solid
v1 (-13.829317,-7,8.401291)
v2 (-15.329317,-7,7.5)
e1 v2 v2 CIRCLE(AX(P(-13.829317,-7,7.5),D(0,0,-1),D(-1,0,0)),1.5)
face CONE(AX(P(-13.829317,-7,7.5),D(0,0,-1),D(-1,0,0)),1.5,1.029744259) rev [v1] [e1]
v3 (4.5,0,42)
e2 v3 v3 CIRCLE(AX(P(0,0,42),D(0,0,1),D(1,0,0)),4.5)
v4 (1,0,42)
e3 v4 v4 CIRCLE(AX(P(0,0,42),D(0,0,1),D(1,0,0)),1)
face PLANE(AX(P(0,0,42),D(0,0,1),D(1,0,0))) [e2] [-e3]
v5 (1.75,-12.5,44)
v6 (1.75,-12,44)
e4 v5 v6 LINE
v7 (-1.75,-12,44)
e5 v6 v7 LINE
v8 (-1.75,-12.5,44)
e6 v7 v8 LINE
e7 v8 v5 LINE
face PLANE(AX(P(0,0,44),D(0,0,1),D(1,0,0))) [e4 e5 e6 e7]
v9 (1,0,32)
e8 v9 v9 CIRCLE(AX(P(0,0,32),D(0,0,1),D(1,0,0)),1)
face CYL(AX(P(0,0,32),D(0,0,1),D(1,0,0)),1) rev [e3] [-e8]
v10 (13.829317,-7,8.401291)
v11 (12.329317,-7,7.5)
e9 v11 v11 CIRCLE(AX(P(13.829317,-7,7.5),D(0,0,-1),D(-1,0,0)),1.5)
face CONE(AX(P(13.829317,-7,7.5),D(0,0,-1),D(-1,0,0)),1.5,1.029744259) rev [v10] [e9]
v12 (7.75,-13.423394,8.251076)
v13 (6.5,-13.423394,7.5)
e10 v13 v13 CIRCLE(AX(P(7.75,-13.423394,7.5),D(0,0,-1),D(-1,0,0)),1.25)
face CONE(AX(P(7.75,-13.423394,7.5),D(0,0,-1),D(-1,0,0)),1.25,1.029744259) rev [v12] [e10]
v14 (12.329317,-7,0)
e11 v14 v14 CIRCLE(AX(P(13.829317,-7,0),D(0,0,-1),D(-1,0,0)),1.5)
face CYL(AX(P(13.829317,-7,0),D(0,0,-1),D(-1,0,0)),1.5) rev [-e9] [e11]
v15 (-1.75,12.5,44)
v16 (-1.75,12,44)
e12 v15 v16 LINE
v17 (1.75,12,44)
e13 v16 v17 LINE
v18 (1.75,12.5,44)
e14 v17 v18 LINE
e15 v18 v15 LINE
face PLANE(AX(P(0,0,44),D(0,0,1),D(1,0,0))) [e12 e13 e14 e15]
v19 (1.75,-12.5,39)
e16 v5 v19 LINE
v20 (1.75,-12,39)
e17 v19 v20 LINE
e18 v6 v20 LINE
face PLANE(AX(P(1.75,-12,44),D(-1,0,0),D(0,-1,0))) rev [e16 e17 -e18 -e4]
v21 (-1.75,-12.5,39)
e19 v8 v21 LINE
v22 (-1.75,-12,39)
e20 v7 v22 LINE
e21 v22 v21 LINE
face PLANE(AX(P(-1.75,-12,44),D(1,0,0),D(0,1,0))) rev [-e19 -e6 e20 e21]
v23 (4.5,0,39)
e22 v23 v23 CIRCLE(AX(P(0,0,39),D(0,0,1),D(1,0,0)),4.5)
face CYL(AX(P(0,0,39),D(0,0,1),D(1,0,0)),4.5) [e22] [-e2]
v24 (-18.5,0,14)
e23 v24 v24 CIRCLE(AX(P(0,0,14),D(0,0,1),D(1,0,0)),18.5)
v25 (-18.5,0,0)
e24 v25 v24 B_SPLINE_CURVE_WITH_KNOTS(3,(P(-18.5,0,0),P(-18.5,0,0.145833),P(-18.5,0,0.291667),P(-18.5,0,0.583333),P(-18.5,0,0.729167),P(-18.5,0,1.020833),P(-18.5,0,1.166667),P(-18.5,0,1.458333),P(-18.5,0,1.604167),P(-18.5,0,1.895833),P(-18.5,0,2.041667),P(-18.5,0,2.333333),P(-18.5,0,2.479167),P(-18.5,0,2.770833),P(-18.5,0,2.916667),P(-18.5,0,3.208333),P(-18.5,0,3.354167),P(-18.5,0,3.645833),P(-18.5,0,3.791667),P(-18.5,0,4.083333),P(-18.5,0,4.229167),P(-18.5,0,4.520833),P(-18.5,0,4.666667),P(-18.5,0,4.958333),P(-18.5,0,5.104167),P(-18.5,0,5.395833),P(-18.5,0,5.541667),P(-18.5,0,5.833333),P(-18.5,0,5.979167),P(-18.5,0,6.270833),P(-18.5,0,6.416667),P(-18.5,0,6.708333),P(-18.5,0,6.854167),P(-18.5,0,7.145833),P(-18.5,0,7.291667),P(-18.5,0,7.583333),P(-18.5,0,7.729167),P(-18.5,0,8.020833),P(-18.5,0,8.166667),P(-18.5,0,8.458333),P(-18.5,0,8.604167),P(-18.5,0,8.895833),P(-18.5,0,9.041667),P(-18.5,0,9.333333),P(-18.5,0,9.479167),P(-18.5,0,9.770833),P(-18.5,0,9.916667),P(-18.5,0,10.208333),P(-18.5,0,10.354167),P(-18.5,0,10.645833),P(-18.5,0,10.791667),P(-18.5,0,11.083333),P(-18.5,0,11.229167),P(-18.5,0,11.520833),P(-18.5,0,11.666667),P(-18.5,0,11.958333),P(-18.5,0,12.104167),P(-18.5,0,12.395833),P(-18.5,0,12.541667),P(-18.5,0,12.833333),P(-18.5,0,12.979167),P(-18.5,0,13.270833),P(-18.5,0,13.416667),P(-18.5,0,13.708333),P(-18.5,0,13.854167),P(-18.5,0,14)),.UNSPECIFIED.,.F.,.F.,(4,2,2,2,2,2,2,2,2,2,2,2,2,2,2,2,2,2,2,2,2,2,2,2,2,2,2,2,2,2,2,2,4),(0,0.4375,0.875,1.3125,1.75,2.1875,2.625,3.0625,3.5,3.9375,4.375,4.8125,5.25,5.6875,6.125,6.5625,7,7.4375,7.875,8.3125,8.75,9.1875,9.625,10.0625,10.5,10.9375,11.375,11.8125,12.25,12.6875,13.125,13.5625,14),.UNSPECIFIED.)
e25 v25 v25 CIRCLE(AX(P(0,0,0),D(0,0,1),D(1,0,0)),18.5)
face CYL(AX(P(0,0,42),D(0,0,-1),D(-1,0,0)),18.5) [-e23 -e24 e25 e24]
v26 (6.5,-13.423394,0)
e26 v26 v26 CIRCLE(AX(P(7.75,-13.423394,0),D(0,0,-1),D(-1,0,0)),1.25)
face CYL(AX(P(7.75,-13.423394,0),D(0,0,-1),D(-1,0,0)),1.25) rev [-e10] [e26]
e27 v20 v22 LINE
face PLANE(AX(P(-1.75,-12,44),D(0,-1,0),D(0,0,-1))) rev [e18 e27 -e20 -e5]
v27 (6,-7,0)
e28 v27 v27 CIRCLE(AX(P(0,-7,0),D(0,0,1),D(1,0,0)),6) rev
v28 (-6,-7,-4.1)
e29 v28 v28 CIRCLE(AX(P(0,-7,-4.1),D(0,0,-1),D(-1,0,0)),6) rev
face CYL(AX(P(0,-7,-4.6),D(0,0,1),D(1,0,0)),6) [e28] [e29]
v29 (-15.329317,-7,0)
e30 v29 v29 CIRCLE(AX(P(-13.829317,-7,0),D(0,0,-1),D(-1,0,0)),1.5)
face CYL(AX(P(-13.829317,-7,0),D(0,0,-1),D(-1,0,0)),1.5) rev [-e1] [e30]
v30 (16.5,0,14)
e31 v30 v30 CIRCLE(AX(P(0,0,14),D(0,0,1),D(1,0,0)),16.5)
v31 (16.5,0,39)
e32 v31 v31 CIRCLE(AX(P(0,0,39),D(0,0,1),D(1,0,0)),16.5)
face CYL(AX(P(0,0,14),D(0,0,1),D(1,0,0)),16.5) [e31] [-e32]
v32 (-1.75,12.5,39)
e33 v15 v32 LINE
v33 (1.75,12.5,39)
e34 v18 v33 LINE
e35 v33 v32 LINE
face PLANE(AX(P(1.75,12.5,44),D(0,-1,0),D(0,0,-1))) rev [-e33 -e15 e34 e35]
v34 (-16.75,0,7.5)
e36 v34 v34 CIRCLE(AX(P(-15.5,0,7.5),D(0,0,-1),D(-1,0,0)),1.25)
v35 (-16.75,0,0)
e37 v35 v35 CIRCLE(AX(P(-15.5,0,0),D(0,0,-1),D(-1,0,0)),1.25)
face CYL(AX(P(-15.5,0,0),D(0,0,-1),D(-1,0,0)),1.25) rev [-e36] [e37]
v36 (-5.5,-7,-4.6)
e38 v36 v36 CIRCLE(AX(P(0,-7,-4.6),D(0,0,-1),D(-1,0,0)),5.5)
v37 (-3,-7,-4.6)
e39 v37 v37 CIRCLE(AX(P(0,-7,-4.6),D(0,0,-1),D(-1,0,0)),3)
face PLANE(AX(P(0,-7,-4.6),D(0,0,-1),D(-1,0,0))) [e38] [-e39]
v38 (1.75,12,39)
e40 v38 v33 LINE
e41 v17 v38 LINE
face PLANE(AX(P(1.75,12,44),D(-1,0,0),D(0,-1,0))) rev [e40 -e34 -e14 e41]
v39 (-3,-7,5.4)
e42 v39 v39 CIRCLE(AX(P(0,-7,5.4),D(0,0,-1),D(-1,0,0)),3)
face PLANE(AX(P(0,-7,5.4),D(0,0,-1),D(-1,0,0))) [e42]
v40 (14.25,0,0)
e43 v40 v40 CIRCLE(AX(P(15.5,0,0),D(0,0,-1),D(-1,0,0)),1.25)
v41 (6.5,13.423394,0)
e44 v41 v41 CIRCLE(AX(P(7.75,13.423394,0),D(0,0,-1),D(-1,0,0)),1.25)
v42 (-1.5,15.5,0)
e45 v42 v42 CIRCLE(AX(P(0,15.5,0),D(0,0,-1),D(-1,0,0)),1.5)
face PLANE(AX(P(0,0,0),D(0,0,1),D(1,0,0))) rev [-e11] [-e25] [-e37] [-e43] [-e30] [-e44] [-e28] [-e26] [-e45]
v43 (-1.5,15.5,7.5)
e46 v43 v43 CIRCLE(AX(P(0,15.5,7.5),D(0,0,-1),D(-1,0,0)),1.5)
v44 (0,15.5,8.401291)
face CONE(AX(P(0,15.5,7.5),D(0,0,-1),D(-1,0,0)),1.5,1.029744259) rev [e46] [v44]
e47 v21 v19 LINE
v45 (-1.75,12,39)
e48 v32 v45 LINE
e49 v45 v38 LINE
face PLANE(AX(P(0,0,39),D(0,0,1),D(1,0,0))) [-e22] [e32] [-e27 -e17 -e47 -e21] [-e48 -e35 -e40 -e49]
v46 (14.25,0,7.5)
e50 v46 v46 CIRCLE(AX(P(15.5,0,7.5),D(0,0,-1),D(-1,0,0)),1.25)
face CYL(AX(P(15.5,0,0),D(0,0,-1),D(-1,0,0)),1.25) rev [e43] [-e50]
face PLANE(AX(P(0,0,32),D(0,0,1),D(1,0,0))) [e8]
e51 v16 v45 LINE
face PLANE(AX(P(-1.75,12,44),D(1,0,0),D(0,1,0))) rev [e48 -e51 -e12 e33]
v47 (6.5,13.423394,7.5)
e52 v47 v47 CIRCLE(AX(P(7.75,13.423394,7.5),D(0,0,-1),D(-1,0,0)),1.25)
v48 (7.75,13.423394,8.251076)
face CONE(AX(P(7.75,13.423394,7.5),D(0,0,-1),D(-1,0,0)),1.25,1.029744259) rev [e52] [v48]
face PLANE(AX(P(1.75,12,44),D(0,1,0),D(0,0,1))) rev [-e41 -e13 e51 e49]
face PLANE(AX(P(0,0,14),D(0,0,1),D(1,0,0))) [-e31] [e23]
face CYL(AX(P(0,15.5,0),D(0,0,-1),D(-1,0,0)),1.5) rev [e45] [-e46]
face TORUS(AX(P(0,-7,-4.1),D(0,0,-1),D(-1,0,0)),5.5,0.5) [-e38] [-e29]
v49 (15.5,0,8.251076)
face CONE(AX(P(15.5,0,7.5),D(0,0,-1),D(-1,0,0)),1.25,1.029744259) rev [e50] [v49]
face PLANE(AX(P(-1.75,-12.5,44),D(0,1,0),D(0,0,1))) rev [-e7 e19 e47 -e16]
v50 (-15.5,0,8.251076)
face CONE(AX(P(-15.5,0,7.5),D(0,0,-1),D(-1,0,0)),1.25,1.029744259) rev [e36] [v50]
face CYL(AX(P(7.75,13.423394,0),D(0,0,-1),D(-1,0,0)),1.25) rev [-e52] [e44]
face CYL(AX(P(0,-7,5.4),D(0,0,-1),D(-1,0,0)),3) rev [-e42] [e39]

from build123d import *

# Parameters (mm, degrees)
SKETCH1_R                 = 18.5
BOSS_EXTRUDE1_DEPTH       = 42
CUT_EXTRUDE1_START        = -3
SKETCH2_R                 = 18.5
SKETCH2_R_2               = 4.5
CUT_EXTRUDE1_DEPTH        = 3
CUT_EXTRUDE4_START        = -25
SKETCH3_R                 = 18.5
SKETCH3_R_2               = 16.5
CUT_EXTRUDE4_DEPTH        = 25
SKETCH4_R                 = 6
BOSS_EXTRUDE2_DEPTH       = 4.6
FILLET1_R                 = 0.5
SKETCH5_R                 = 3
CUT_EXTRUDE5_DEPTH        = 10
SKETCH6_R                 = 1
CUT_EXTRUDE6_DEPTH        = 10
SKETCH7_W                 = 3.5
SKETCH7_H                 = 0.5
BOSS_EXTRUDE3_DEPTH       = 5
M3X0_5_TAPPED_HOLE1_D     = 2.5
M3X0_5_TAPPED_HOLE1_DEPTH = 7.5
M3X0_5_TAPPED_HOLE1_TIP   = 0.751075774
F_3_0MM_DOWEL_HOLE1_D     = 3
F_3_0MM_DOWEL_HOLE1_DEPTH = 7.5
F_3_0MM_DOWEL_HOLE1_TIP   = 0.901290929


with BuildPart() as part:
    # Sketch1 → Boss-Extrude1 (new body)
    with BuildSketch(Plane.XY):
        with Locations(Location((0, 0, 0), (0, 0, 180))):
            Circle(SKETCH1_R)
    extrude(amount=BOSS_EXTRUDE1_DEPTH)

    # Sketch2 → Cut-Extrude1 (cut)
    with BuildSketch(Plane.XY.offset(42).offset(CUT_EXTRUDE1_START)):
        with Locations(Location((0, 0, 0), (0, 0, 180))):
            Circle(SKETCH2_R)
        Circle(SKETCH2_R_2, mode=Mode.SUBTRACT)
    extrude(amount=CUT_EXTRUDE1_DEPTH, mode=Mode.SUBTRACT)

    # Sketch3 → Cut-Extrude4 (cut)
    with BuildSketch(Plane.XY.offset(39).offset(CUT_EXTRUDE4_START)):
        with Locations(Location((0, 0, 0), (0, 0, 180))):
            Circle(SKETCH3_R)
        Circle(SKETCH3_R_2, mode=Mode.SUBTRACT)
    extrude(amount=CUT_EXTRUDE4_DEPTH, mode=Mode.SUBTRACT)

    # Sketch4 → Boss-Extrude2 (add)
    with BuildSketch(Plane(origin=(0, 0, 0), x_dir=(-1, 0, 0), z_dir=(0, 0, -1))):
        with Locations(Location((0, -7, 0), (0, 0, 180))):
            Circle(SKETCH4_R)
    extrude(amount=BOSS_EXTRUDE2_DEPTH)

    # Fillet1
    fillet1_edges = [part.edges().sort_by_distance(p)[0] for p in [
        (-6, -7, -4.6),
    ]]
    fillet(fillet1_edges, radius=FILLET1_R)

    # Sketch5 → Cut-Extrude5 (cut)
    with BuildSketch(Plane(origin=(0, 0, -4.6), x_dir=(-1, 0, 0), z_dir=(0, 0, -1))):
        with Locations((0, -7)):
            Circle(SKETCH5_R)
    extrude(amount=-CUT_EXTRUDE5_DEPTH, mode=Mode.SUBTRACT)

    # Sketch6 → Cut-Extrude6 (cut)
    with BuildSketch(Plane.XY.offset(42)):
        Circle(SKETCH6_R)
    extrude(amount=-CUT_EXTRUDE6_DEPTH, mode=Mode.SUBTRACT)

    # Sketch7 → Boss-Extrude3 (add)
    with BuildSketch(Plane.XY.offset(39)):
        with Locations((0, 12.25)):
            Rectangle(SKETCH7_W, SKETCH7_H)
        with Locations((0, -12.25)):
            Rectangle(SKETCH7_W, SKETCH7_H)
    extrude(amount=BOSS_EXTRUDE3_DEPTH)

    # M3x0.5 Tapped Hole1
    with Locations(Plane(origin=(0, 0, 0), x_dir=(-1, 0, 0), z_dir=(0, 0, -1))):
        with Locations((15.5, 0), (-7.75, 13.423393759), (-7.75, -13.423393759), (-15.5, 0)):
            Hole(M3X0_5_TAPPED_HOLE1_D / 2, depth=M3X0_5_TAPPED_HOLE1_DEPTH)
            with Locations((0, 0, -(M3X0_5_TAPPED_HOLE1_DEPTH + M3X0_5_TAPPED_HOLE1_TIP / 2))):  # 118° drill point
                Cone(0, M3X0_5_TAPPED_HOLE1_D / 2, M3X0_5_TAPPED_HOLE1_TIP, mode=Mode.SUBTRACT)

    # Ø3.0mm Dowel Hole1
    with Locations(Plane(origin=(0, 0, 0), x_dir=(-1, 0, 0), z_dir=(0, 0, -1))):
        with Locations((0, 15.5), (-13.829316686, -7), (13.829316686, -7)):
            Hole(F_3_0MM_DOWEL_HOLE1_D / 2, depth=F_3_0MM_DOWEL_HOLE1_DEPTH)
            with Locations((0, 0, -(F_3_0MM_DOWEL_HOLE1_DEPTH + F_3_0MM_DOWEL_HOLE1_TIP / 2))):  # 118° drill point
                Cone(0, F_3_0MM_DOWEL_HOLE1_D / 2, F_3_0MM_DOWEL_HOLE1_TIP, mode=Mode.SUBTRACT)


solid = part.part
